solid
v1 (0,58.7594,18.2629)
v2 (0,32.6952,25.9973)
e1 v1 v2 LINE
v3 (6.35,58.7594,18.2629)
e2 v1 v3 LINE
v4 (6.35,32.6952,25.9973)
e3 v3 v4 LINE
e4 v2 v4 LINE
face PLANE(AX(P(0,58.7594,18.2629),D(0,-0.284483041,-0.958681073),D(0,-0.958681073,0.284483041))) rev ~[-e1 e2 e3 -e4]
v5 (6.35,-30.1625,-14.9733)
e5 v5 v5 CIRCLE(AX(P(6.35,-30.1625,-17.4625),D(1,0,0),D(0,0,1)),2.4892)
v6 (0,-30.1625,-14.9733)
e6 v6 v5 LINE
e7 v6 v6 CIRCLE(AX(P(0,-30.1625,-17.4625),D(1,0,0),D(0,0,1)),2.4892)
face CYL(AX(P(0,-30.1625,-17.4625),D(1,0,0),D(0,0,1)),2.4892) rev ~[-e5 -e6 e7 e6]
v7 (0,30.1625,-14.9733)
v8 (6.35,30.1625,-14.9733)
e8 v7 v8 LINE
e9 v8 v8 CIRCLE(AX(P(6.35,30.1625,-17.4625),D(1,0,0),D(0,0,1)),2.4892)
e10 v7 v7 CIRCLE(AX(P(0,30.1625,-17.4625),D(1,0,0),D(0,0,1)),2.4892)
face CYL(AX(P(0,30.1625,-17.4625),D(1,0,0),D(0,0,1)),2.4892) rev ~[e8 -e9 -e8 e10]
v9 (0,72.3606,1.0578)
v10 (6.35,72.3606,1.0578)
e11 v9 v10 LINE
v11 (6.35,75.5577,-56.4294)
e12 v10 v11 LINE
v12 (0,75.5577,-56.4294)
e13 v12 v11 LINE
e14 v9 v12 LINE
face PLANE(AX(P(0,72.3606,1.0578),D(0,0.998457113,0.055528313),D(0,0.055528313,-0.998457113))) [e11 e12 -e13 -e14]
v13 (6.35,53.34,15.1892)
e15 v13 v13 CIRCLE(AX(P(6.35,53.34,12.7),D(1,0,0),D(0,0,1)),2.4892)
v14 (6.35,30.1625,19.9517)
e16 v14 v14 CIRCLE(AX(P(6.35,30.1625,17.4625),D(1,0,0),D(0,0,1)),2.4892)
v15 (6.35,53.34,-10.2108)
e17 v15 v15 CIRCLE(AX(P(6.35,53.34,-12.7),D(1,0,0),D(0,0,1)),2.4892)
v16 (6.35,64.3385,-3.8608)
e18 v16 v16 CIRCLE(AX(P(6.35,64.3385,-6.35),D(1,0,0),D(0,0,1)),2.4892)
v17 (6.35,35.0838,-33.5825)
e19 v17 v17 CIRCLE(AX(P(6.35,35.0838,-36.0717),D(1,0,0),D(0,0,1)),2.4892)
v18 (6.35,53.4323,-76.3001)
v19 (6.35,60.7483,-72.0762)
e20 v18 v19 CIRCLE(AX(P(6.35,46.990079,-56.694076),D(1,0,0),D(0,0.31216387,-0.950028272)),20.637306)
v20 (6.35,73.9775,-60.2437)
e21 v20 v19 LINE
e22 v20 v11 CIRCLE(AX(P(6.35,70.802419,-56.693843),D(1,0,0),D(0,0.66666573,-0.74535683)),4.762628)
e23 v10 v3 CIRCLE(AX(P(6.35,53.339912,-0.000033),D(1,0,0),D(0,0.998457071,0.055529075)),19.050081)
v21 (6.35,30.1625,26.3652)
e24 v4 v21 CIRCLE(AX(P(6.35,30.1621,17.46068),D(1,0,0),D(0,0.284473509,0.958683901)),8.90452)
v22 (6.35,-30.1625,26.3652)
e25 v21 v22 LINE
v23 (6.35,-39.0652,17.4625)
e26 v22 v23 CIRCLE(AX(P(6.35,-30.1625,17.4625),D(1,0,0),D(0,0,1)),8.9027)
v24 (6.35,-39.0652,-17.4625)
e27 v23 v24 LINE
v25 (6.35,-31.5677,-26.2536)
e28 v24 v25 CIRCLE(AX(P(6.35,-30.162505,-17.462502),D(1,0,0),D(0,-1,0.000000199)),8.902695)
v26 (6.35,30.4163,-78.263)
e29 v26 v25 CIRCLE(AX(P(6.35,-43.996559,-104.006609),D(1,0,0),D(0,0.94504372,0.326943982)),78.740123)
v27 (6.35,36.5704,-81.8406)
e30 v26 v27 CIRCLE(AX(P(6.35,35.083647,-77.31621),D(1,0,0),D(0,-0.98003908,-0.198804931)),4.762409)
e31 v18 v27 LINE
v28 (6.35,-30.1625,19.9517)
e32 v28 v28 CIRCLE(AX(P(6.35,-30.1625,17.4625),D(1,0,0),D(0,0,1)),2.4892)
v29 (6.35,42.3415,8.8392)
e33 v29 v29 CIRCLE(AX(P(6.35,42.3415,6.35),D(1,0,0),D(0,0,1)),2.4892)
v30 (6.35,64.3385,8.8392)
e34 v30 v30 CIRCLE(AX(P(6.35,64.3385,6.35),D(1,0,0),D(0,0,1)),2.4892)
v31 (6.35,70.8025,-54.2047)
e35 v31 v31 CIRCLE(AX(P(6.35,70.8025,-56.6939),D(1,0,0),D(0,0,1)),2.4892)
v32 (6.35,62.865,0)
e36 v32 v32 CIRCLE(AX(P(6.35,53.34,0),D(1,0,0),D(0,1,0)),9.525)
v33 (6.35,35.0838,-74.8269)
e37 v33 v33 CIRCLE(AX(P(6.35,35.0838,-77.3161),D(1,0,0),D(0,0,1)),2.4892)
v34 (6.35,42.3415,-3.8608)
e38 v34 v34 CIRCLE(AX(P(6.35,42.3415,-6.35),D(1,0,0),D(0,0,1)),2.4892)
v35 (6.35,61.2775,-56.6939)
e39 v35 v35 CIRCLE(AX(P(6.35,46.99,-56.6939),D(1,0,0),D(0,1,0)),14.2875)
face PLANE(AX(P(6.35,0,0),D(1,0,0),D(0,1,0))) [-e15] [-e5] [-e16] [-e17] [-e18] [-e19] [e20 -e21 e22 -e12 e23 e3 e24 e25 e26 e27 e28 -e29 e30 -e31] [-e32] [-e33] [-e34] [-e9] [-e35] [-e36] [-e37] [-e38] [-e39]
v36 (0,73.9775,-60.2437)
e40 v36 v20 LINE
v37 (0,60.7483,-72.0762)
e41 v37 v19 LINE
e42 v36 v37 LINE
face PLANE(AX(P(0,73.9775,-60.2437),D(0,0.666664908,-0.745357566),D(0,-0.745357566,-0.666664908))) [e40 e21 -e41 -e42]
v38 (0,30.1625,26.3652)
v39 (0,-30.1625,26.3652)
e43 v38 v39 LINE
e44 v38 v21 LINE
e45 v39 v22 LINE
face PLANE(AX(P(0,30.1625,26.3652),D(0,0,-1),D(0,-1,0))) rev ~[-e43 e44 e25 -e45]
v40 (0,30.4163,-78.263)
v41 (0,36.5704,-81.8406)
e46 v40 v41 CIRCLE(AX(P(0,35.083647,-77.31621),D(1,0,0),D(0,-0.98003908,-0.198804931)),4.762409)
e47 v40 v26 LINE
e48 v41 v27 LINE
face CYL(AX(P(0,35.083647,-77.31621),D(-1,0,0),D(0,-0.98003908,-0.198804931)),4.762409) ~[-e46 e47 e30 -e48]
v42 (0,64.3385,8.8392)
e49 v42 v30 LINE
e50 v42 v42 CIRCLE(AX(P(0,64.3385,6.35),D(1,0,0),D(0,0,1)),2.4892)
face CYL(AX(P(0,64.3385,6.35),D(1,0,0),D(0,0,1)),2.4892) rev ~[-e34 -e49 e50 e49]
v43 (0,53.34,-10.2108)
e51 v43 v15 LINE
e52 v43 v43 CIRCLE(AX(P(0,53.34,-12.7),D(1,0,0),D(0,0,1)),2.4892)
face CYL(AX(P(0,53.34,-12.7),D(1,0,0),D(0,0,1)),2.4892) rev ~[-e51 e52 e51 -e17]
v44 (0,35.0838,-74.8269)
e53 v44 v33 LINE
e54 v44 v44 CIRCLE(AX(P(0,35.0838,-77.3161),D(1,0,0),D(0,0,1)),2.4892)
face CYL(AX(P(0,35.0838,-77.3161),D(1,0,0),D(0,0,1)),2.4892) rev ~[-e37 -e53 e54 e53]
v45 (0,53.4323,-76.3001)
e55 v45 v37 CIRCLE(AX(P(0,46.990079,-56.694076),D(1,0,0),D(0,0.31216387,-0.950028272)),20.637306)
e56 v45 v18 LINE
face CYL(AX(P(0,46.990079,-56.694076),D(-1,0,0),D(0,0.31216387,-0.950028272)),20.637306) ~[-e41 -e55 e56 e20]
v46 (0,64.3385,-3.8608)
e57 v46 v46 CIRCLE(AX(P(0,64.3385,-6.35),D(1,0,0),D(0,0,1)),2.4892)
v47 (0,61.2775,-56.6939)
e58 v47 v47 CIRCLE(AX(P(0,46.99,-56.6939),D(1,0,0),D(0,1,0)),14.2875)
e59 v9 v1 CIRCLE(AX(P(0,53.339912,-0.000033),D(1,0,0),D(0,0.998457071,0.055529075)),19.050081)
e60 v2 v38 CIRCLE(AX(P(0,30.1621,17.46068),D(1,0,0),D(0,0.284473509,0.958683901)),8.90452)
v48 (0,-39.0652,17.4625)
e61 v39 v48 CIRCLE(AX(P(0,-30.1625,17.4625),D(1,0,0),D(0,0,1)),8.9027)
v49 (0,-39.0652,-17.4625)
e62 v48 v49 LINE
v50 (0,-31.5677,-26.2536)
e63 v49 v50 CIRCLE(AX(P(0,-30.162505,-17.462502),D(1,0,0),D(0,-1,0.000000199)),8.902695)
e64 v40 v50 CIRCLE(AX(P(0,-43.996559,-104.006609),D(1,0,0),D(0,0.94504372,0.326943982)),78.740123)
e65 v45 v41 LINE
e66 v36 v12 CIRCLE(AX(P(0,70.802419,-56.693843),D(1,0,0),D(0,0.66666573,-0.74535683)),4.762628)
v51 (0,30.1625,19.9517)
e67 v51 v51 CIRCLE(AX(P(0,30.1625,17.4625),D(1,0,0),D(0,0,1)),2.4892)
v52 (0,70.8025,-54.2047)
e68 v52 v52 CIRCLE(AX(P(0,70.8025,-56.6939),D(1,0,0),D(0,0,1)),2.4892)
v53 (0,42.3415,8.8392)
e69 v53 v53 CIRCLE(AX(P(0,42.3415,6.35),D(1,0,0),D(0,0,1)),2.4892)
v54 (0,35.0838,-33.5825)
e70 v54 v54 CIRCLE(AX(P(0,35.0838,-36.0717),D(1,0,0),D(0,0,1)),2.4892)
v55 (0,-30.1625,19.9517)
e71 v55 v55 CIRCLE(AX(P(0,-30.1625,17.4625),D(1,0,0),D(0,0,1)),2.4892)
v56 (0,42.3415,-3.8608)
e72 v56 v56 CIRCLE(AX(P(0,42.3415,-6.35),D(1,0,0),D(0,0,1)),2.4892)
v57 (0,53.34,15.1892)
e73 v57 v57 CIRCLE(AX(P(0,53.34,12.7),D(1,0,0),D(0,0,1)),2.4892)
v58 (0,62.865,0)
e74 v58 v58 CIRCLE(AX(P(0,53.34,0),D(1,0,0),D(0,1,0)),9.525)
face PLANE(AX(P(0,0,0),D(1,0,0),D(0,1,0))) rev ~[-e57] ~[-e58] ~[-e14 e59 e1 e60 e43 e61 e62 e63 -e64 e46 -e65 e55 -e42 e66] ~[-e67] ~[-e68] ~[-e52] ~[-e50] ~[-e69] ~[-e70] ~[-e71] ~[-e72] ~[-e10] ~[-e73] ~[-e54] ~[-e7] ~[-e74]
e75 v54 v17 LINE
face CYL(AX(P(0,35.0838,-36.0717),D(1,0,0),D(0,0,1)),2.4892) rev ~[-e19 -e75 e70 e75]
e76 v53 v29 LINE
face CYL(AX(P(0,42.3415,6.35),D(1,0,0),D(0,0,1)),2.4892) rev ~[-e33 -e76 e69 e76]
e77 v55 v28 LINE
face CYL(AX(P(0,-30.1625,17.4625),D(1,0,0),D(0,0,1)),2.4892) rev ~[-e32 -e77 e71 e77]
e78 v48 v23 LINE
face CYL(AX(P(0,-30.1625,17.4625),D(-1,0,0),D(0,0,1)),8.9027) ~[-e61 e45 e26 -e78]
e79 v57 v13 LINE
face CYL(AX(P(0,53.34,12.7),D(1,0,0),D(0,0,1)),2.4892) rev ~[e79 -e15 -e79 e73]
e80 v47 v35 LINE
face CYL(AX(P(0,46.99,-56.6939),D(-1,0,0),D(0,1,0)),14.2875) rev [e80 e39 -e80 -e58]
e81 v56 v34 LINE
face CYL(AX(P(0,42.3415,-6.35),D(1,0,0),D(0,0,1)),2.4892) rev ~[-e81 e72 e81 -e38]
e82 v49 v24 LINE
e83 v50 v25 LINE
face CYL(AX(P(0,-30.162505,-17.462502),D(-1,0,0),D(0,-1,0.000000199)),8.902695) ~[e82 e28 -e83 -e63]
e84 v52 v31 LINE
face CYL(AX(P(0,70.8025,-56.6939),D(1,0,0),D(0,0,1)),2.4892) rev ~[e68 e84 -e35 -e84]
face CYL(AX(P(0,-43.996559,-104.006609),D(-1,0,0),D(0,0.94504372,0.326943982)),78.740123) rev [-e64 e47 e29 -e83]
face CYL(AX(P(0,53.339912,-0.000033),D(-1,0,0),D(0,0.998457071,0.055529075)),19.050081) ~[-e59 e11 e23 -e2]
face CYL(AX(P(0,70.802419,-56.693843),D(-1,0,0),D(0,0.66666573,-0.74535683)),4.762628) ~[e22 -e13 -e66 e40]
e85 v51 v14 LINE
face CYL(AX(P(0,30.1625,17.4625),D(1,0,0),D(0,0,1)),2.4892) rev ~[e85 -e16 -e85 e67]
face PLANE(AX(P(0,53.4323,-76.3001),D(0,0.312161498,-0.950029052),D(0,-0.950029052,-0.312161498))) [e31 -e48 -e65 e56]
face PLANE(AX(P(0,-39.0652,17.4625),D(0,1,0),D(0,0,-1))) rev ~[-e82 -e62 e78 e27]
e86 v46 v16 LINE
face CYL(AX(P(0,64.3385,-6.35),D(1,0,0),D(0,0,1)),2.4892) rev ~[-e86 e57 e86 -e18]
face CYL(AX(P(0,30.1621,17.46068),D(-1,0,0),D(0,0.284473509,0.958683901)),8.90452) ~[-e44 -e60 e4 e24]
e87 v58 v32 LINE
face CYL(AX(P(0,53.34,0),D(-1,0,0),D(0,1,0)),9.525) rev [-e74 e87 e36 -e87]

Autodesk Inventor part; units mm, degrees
ref_plane "YZ Plane" through (0, 0, 0) normal (1, 0, 0) x (0, 1, 0)
ref_plane "XZ Plane" through (0, 0, 0) normal (0, 1, 0) x (-1, 0, 0)
ref_plane "XY Plane" through (0, 0, 0) normal (0, 0, 1) x (1, 0, 0)
sketch "Sketch1" plane through (0, 0, 0) normal (1, 0, 0) x (0, 1, 0)
  circle A0 centre (0, 0) radius 38.1 construction
  line L0 (27.94, -25.903) -> (27.94, -76.2) construction
  line L1 (27.94, -76.2) -> (-27.94, -76.2) construction
  line L2 (-27.94, -76.2) -> (-27.94, -25.903) construction
  line L3 (-30.1625, -17.4625) -> (30.1625, -17.4625) construction
  line L4 (30.1625, -17.4625) -> (30.1625, 17.4625) construction
  line L5 (30.1625, 17.4625) -> (-30.1625, 17.4625) construction
  line L6 (-30.1625, 17.4625) -> (-30.1625, -17.4625) construction
  line L7 (-30.1625, -17.4625) -> (30.1625, 17.4625) construction
  line L8 (30.1625, -17.4625) -> (-30.1625, 17.4625) construction
  circle A1 centre (30.1625, 17.4625) radius 2.5527 construction
  circle A2 centre (30.1625, -17.4625) radius 2.5527 construction
  circle A3 centre (-30.1625, -17.4625) radius 2.5527 construction
  circle A4 centre (-30.1625, 17.4625) radius 2.5527 construction
  point P0 (0, -76.2)
  dimension "d0" = 76.2
  dimension "d1" = 55.88
  dimension "d2" = 76.2
  dimension "d3" = 60.325
  dimension "d4" = 34.925
  dimension "d5" = 5.1054
  dimension "d6" = 5.1054
  dimension "d7" = 5.1054
  dimension "d8" = 5.1054
sketch "Sketch2" plane through (0, 0, 0) normal (1, 0, 0) x (0, 1, 0)
  line L0 (-30.1625, -17.4625) -> (30.1625, -17.4625) construction
  circle A0 centre (30.1625, -17.4625) radius 2.5527 construction
  circle A1 centre (-30.1625, -17.4625) radius 2.5527 construction
  line L1 (-30.1625, 17.4625) -> (-30.1625, -17.4625) construction
  circle A2 centre (-30.1625, 17.4625) radius 2.5527 construction
  line L2 (30.1625, -17.4625) -> (30.1625, 17.4625) construction
  line L3 (30.1625, -17.4625) -> (-30.1625, 17.4625) construction
  line L4 (30.1625, 17.4625) -> (-30.1625, 17.4625) construction
  line L5 (-30.1625, -17.4625) -> (30.1625, 17.4625) construction
  circle A3 centre (30.1625, 17.4625) radius 2.5527 construction
  circle A4 centre (0, 0) radius 38.1 construction
  line L6 (27.94, -25.903) -> (27.94, -76.2) construction
  line L7 (27.94, -76.2) -> (-27.94, -76.2) construction
  line L8 (-27.94, -76.2) -> (-27.94, -25.903) construction
  circle A5 centre (53.34, 0) radius 12.7 construction
  circle A6 centre (46.99, -56.6939) radius 14.2875
  circle A7 centre (46.99, -56.6939) radius 30.5054 construction
  circle A8 centre (53.34, 0) radius 9.525
  circle A9 centre (53.34, 0) radius 19.05 construction
  circle A10 centre (46.99, -56.6939) radius 20.6375 construction
  circle A11 centre (30.1625, 17.4625) radius 8.9027 construction
  circle A12 centre (30.1625, -17.4625) radius 8.9027 construction
  circle A13 centre (-30.1625, -17.4625) radius 8.9027 construction
  circle A14 centre (-30.1625, 17.4625) radius 8.9027 construction
  line L9 (58.7594, 18.2629) -> (32.6952, 25.9973)
  line L10 (30.1625, 26.3652) -> (-30.1625, 26.3652)
  line L11 (-39.0652, 17.4625) -> (-39.0652, -17.4625)
  arc A15 (72.3606, 1.0578) -> (58.7594, 18.2629) centre (53.34, 0) ccw
  arc A16 (32.6952, 25.9973) -> (30.1625, 26.3652) centre (30.1625, 17.4625) ccw
  arc A17 (-30.1625, 26.3652) -> (-39.0652, 17.4625) centre (-30.1625, 17.4625) ccw
  arc A18 (-39.0652, -17.4625) -> (-31.5677, -26.2536) centre (-30.1625, -17.4625) ccw
  circle A19 centre (46.99, -56.6939) radius 23.8125 construction
  circle A20 centre (35.0838, -36.0717) radius 4.7625 construction
  circle A21 centre (35.0838, -77.3161) radius 4.7625 construction
  circle A22 centre (70.8025, -56.6939) radius 4.7625 construction
  line L12 (72.3606, 1.0578) -> (75.5577, -56.4294)
  arc A23 (73.9775, -60.2437) -> (75.5577, -56.4294) centre (70.8025, -56.6939) ccw
  arc A24 (30.4163, -78.263) -> (36.5704, -81.8406) centre (35.0838, -77.3161) ccw
  arc A25 (30.4163, -78.263) -> (-31.5677, -26.2536) centre (-43.9964, -104.0065) ccw
  line L13 (73.9775, -60.2437) -> (60.7483, -72.0762)
  line L14 (53.4323, -76.3001) -> (36.5704, -81.8406)
  arc A26 (53.4323, -76.3001) -> (60.7483, -72.0762) centre (46.99, -56.6939) ccw
  point P0 (0, -76.2)
  point P1 (64.3385, -6.35)
  point P2 (64.3385, 6.35)
  point P3 (53.34, 12.7)
  point P4 (42.3415, 6.35)
  point P5 (42.3415, -6.35)
  point P6 (53.34, -12.7)
  dimension "d9" = 25.4
  dimension "d10" = 25.4
  dimension "d11" = 76.2
  dimension "d14" = 360
  dimension "d16" = 28.575
  dimension "d17" = 57.0484
  dimension "d18" = 19.05
  dimension "d19" = 61.0108
  dimension "d20" = 19.05
  dimension "d21" = 6.35
  dimension "d22" = 6.35
  dimension "d23" = 6.35
  dimension "d40" = 9.525
  dimension "d43" = 360
  dimension "d45" = 9.525
  dimension "d46" = 9.525
  dimension "d47" = 9.525
  dimension "d48" = 78.74
extrude "Extrusion1" add sketch "Sketch2" along normal blind 6.35
hole "Motor Mount Holes" at (0, -30.1625, -17.4625) at (0, 30.1625, -17.4625) at (0, -30.1625, 17.4625) at (0, 30.1625, 17.4625) at (0, 0, -76.2) at (0, 64.3385, -6.35) at (0, 64.3385, 6.35) at (0, 53.34, 12.7) at (0, 42.3415, 6.35) at (0, 42.3415, -6.35) at (0, 53.34, -12.7) direction (1, 0, 0) diameter 4.9784 end through all clearance for "Flat Head Machine Screw (82)" size "#10" standard "Ansi Unified Screw Threads"
hole "Hole3" at (0, 70.8025, -56.6939) at (0, 35.0838, -36.0717) at (0, 35.0838, -77.3161) direction (1, 0, 0) diameter 4.9784 end through all clearance for "Flat Head Machine Screw (82)" size "#10" standard "Ansi Unified Screw Threads"
properties part number "EL2-A-011" material "Aluminum 6061"
